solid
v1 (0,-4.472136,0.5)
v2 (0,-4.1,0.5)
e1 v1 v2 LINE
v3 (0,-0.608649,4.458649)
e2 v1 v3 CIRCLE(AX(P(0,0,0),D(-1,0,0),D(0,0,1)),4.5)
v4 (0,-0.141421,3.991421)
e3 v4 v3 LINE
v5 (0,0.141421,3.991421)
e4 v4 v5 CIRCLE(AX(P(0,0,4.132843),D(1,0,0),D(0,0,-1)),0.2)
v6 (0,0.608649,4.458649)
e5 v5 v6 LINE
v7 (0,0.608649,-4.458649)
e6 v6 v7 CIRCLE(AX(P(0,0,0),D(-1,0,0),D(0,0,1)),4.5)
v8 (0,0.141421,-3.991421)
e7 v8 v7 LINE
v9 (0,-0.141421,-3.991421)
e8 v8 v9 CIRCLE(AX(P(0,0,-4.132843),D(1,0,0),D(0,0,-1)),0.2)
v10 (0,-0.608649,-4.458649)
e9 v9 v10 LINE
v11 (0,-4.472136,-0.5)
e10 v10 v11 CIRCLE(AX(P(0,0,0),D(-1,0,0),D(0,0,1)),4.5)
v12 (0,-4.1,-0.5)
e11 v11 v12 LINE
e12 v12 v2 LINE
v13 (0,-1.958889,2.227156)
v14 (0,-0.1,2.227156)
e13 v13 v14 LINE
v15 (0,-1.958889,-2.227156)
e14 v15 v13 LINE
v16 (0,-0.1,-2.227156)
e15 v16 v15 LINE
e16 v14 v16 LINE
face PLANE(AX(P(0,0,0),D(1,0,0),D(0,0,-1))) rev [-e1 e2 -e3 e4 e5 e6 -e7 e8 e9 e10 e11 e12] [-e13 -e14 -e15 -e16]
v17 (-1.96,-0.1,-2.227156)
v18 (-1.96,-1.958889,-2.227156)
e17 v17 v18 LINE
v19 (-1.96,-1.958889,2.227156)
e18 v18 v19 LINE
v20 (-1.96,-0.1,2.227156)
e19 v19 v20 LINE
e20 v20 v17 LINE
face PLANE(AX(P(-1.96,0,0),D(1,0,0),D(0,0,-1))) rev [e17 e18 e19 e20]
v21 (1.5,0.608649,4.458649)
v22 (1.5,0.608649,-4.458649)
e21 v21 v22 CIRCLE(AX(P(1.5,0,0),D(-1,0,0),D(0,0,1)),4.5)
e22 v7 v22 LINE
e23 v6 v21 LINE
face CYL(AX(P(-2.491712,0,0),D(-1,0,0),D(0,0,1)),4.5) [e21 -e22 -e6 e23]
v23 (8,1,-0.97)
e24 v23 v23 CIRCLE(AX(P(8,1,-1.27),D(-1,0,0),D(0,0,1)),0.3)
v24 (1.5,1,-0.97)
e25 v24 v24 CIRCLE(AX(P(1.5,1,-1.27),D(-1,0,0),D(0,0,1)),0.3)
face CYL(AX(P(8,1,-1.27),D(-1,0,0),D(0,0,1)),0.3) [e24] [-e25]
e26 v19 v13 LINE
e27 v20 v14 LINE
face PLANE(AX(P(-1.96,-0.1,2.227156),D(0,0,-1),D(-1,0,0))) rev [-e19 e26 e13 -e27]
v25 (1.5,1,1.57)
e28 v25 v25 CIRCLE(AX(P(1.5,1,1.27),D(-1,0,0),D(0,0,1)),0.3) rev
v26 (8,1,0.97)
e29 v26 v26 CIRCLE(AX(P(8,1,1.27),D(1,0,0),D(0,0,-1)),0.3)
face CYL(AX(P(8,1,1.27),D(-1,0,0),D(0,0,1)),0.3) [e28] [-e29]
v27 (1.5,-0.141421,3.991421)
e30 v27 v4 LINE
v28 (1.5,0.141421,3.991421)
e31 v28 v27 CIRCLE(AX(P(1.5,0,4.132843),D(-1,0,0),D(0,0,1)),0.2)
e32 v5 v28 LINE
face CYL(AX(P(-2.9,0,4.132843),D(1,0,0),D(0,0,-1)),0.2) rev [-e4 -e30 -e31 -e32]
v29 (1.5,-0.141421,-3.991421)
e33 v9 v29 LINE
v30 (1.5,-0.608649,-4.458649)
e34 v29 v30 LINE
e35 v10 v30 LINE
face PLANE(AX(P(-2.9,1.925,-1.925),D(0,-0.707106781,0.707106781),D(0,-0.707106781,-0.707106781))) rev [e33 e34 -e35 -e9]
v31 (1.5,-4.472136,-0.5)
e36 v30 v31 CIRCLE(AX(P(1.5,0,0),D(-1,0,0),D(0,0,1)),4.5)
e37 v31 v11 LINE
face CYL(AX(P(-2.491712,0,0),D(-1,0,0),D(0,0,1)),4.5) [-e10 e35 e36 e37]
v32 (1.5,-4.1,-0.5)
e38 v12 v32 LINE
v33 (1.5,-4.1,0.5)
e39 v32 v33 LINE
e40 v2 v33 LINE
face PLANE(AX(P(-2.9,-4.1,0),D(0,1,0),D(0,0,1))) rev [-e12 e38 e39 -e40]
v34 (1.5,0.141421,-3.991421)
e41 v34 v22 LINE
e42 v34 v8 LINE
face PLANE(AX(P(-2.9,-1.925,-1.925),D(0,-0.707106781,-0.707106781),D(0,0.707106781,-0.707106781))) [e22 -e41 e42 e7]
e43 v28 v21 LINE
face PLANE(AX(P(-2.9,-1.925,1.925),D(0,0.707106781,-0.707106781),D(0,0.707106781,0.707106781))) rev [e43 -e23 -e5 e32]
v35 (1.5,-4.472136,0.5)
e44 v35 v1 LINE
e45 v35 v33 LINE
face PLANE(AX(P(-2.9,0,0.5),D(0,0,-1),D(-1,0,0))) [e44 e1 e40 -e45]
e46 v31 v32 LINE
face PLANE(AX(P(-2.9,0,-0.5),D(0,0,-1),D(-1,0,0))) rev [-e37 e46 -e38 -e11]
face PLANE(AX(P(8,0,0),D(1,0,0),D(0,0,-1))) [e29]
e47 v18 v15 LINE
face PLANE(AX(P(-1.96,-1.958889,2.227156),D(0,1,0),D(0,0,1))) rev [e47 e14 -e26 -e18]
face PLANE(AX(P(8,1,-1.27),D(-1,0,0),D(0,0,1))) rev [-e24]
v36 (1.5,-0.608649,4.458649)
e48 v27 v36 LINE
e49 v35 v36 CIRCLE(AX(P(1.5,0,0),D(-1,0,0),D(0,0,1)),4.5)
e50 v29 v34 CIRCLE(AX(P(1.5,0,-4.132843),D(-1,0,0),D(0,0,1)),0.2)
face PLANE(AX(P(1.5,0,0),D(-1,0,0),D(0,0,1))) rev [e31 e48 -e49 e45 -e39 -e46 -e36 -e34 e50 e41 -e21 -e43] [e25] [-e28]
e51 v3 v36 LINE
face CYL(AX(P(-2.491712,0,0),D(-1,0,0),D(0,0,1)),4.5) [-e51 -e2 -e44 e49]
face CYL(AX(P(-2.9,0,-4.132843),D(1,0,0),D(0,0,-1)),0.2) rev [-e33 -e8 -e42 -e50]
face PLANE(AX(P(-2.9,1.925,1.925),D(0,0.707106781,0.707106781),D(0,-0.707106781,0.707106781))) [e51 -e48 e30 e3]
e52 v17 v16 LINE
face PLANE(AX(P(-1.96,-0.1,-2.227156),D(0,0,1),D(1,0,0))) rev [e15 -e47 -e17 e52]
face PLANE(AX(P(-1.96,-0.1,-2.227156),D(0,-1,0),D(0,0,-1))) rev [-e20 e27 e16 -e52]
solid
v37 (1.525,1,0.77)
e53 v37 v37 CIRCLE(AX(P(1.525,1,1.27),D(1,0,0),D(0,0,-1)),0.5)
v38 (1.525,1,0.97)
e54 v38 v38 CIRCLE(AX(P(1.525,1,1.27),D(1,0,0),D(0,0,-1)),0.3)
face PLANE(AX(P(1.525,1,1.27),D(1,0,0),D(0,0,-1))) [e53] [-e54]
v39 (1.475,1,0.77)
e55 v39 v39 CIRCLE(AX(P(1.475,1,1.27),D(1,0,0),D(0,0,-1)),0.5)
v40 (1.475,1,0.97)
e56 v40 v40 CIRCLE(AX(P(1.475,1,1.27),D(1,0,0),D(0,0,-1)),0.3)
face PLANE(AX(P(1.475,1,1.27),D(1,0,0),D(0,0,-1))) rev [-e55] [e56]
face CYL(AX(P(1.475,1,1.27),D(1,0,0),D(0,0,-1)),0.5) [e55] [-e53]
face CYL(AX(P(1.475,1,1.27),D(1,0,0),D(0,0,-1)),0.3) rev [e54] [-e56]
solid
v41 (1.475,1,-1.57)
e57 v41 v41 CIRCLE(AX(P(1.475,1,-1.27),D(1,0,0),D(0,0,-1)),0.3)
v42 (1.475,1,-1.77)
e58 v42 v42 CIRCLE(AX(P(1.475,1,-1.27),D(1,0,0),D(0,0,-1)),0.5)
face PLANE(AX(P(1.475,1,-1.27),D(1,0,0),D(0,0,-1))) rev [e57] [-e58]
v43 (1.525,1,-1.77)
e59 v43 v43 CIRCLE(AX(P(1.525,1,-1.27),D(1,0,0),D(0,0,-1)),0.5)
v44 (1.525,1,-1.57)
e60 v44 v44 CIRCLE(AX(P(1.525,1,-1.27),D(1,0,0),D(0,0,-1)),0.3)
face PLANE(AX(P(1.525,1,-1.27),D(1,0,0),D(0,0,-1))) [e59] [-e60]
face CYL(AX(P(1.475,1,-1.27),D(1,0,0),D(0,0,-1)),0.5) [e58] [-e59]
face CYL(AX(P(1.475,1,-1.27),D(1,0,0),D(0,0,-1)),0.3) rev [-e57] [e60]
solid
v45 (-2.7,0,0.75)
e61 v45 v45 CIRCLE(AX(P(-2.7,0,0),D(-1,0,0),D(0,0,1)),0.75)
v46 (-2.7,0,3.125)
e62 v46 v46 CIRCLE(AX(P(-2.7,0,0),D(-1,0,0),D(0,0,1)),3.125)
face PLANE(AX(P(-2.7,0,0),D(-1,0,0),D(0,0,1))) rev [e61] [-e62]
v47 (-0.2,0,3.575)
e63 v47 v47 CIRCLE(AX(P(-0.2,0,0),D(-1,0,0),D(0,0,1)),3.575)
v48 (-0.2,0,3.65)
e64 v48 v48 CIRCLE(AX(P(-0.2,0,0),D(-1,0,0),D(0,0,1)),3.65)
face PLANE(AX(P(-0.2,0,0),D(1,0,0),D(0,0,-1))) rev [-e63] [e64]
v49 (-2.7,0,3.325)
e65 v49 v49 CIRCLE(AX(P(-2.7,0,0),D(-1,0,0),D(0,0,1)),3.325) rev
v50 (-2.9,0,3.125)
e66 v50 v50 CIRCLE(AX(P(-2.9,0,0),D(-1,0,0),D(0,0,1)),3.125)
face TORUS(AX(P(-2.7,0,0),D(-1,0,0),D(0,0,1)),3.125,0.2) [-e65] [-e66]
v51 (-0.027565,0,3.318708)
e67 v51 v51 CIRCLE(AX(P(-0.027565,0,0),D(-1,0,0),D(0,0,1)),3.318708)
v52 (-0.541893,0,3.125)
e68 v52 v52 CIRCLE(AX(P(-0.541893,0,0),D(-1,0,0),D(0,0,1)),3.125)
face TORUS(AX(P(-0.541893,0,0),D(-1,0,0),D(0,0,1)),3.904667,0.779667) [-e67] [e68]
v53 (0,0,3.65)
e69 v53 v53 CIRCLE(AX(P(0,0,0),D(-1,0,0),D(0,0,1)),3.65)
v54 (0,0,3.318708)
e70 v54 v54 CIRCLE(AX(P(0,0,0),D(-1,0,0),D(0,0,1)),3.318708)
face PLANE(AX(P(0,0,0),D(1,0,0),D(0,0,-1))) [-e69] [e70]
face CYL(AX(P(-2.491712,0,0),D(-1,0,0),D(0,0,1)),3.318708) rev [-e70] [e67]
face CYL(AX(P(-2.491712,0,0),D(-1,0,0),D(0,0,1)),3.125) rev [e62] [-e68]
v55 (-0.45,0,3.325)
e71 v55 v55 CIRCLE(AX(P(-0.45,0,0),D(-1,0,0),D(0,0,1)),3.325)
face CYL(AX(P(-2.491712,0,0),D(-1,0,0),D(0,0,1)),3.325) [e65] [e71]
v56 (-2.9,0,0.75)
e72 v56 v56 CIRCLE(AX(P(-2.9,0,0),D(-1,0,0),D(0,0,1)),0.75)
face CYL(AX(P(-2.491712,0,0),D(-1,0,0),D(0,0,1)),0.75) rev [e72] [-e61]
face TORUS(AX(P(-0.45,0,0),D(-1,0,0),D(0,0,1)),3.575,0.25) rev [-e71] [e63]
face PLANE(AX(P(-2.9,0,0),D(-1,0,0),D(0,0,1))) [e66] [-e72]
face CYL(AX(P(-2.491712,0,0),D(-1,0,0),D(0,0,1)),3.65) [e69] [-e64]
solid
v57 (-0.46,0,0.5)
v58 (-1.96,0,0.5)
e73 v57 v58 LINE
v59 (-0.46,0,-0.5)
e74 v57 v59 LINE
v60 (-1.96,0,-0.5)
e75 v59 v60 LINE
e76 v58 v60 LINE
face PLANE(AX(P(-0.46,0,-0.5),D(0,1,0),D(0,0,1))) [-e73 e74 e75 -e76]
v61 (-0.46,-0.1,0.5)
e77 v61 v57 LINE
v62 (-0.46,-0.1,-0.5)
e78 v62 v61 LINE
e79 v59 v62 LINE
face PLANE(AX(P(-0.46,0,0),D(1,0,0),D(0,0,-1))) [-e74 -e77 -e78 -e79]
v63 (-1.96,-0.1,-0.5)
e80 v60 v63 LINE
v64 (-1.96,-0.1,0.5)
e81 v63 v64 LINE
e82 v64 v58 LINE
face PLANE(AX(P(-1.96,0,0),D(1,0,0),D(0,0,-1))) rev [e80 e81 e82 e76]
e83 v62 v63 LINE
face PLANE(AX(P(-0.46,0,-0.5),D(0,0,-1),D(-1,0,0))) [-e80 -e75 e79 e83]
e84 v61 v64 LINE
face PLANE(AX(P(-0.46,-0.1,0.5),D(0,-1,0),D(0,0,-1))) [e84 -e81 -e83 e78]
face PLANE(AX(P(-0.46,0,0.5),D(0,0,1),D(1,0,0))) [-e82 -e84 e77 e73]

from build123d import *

# Parameters (mm, degrees)
SKETCH6_R             = 0.3
EXTRUDE2_DEPTH        = 6.5
SKETCH13_R            = 0.5
SKETCH13_R_2          = 0.3
BOSS_EXTRUDE5_DEPTH   = 0.025
BOSS_EXTRUDE5_2_DEPTH = 0.025
SKETCH11_W            = 4.454312554
SKETCH11_H            = 1.858889087
BOSS_EXTRUDE3_DEPTH   = 1.96
SKETCH12_W            = 1
SKETCH12_H            = 0.1
BOSS_EXTRUDE4_DEPTH   = 1.5
CUT_EXTRUDE2_DEPTH    = 10.096702699
FILLET7_R             = 0.2
FILLET8_R             = 0.2


with BuildPart() as part:
    # Sketch4 → Revolve2 (revolve)
    with BuildSketch(Plane.XY):
        Polygon((0, 3.318708392), (0, 0), (1.5, 0), (1.5, 4.5), (0, 4.5), (0, 3.65), align=None)
    revolve(axis=Axis((-2.49171246, 0, 0), (1, 0, 0)))

    # Sketch6 → Extrude2 (add)
    with BuildSketch(Plane(origin=(1.5, 0, 0), x_dir=(0, 0, -1), z_dir=(1, 0, 0))):
        with Locations((-1.27, 1)):
            Circle(SKETCH6_R)
        with Locations((1.27, 1)):
            Circle(SKETCH6_R)
    extrude(amount=EXTRUDE2_DEPTH)

    # Sketch11 → Boss-Extrude3 (add)
    with BuildSketch(Plane.ZY):
        with Locations((0, -1.029444544)):
            Rectangle(SKETCH11_W, SKETCH11_H)
    extrude(amount=BOSS_EXTRUDE3_DEPTH)

    # Sketch8 → Cut-Extrude2 (cut, through all)
    with BuildSketch(Plane(origin=(1.5, 0, 0), x_dir=(0, 0, -1), z_dir=(1, 0, 0))):
        with BuildLine():
            Line((4.458648555, 0.608648555), (3.85, 0))
            Line((3.85, 0), (4.458648555, -0.608648555))
            ThreePointArc((4.458648555, -0.608648555), (4.5, 0), (4.458648555, 0.608648555))
        make_face()
        with BuildLine():
            Line((-3.85, 0), (-4.458648555, 0.608648555))
            ThreePointArc((-4.458648555, 0.608648555), (-4.5, 0), (-4.458648555, -0.608648555))
            Line((-4.458648555, -0.608648555), (-3.85, 0))
        make_face()
        with BuildLine():
            ThreePointArc((-0.5, -4.472135955), (0, -4.5), (0.5, -4.472135955))
            Line((0.5, -4.472135955), (0.5, -4.1))
            Line((0.5, -4.1), (-0.5, -4.1))
            Line((-0.5, -4.1), (-0.5, -4.472135955))
        make_face()
    extrude(amount=-CUT_EXTRUDE2_DEPTH, mode=Mode.SUBTRACT)

    # Fillet7
    fillet7_edges = [part.edges().sort_by_distance(p)[0] for p in [
        (0.75, 0, 3.85),
        (0.75, 0, -3.85),
    ]]
    fillet(fillet7_edges, radius=FILLET7_R)


with BuildPart() as body_2:
    # Sketch4<5> → Revolve3 (revolve)
    with BuildSketch(Plane.XY):
        with BuildLine():
            Line((-0.027565235, 3.318708392), (0, 3.318708392))
            Line((0, 3.318708392), (0, 3.65))
            Line((0, 3.65), (-0.2, 3.65))
            Line((-0.2, 3.65), (-0.2, 3.575))
            ThreePointArc((-0.2, 3.575), (-0.273223305, 3.398223305), (-0.45, 3.325))
            Line((-0.45, 3.325), (-2.9, 3.325))
            Line((-2.9, 3.325), (-2.9, 0.75))
            Line((-2.9, 0.75), (-2.7, 0.75))
            Line((-2.7, 0.75), (-2.7, 3.125))
            Line((-2.7, 3.125), (-0.541893018, 3.125))
            ThreePointArc((-0.541893018, 3.125), (-0.267094906, 3.175032427), (-0.027565235, 3.318708392))
        make_face()
    revolve(axis=Axis((-2.49171246, 0, 0), (1, 0, 0)))

    # Fillet8
    fillet8_edges = [body_2.edges().sort_by_distance(p)[0] for p in [
        (-2.9, -3.325, 0),
    ]]
    fillet(fillet8_edges, radius=FILLET8_R)


with BuildPart() as body_3:
    # Sketch13 → Boss-Extrude5 (new, symmetric)
    with BuildSketch(Plane(origin=(1.5, 0, 0), x_dir=(0, 0, -1), z_dir=(1, 0, 0))):
        with Locations((-1.27, 1)):
            Circle(SKETCH13_R)
        with Locations((-1.27, 1)):
            Circle(SKETCH13_R_2, mode=Mode.SUBTRACT)
    extrude(amount=BOSS_EXTRUDE5_DEPTH, both=True)


with BuildPart() as body_4:
    # Sketch13 → Boss-Extrude5 2 (new, symmetric)
    with BuildSketch(Plane(origin=(1.5, 0, 0), x_dir=(0, 0, -1), z_dir=(1, 0, 0))):
        with Locations((1.27, 1)):
            Circle(SKETCH13_R)
        with Locations((1.27, 1)):
            Circle(SKETCH13_R_2, mode=Mode.SUBTRACT)
    extrude(amount=BOSS_EXTRUDE5_2_DEPTH, both=True)


with BuildPart() as body_5:
    # Sketch12 → Boss-Extrude4 (new body)
    with BuildSketch(Plane.ZY.offset(1.96)):
        with Locations((0, -0.05)):
            Rectangle(SKETCH12_W, SKETCH12_H)
    extrude(amount=-BOSS_EXTRUDE4_DEPTH)


solid = Compound([part.part, body_2.part, body_3.part, body_4.part, body_5.part])
